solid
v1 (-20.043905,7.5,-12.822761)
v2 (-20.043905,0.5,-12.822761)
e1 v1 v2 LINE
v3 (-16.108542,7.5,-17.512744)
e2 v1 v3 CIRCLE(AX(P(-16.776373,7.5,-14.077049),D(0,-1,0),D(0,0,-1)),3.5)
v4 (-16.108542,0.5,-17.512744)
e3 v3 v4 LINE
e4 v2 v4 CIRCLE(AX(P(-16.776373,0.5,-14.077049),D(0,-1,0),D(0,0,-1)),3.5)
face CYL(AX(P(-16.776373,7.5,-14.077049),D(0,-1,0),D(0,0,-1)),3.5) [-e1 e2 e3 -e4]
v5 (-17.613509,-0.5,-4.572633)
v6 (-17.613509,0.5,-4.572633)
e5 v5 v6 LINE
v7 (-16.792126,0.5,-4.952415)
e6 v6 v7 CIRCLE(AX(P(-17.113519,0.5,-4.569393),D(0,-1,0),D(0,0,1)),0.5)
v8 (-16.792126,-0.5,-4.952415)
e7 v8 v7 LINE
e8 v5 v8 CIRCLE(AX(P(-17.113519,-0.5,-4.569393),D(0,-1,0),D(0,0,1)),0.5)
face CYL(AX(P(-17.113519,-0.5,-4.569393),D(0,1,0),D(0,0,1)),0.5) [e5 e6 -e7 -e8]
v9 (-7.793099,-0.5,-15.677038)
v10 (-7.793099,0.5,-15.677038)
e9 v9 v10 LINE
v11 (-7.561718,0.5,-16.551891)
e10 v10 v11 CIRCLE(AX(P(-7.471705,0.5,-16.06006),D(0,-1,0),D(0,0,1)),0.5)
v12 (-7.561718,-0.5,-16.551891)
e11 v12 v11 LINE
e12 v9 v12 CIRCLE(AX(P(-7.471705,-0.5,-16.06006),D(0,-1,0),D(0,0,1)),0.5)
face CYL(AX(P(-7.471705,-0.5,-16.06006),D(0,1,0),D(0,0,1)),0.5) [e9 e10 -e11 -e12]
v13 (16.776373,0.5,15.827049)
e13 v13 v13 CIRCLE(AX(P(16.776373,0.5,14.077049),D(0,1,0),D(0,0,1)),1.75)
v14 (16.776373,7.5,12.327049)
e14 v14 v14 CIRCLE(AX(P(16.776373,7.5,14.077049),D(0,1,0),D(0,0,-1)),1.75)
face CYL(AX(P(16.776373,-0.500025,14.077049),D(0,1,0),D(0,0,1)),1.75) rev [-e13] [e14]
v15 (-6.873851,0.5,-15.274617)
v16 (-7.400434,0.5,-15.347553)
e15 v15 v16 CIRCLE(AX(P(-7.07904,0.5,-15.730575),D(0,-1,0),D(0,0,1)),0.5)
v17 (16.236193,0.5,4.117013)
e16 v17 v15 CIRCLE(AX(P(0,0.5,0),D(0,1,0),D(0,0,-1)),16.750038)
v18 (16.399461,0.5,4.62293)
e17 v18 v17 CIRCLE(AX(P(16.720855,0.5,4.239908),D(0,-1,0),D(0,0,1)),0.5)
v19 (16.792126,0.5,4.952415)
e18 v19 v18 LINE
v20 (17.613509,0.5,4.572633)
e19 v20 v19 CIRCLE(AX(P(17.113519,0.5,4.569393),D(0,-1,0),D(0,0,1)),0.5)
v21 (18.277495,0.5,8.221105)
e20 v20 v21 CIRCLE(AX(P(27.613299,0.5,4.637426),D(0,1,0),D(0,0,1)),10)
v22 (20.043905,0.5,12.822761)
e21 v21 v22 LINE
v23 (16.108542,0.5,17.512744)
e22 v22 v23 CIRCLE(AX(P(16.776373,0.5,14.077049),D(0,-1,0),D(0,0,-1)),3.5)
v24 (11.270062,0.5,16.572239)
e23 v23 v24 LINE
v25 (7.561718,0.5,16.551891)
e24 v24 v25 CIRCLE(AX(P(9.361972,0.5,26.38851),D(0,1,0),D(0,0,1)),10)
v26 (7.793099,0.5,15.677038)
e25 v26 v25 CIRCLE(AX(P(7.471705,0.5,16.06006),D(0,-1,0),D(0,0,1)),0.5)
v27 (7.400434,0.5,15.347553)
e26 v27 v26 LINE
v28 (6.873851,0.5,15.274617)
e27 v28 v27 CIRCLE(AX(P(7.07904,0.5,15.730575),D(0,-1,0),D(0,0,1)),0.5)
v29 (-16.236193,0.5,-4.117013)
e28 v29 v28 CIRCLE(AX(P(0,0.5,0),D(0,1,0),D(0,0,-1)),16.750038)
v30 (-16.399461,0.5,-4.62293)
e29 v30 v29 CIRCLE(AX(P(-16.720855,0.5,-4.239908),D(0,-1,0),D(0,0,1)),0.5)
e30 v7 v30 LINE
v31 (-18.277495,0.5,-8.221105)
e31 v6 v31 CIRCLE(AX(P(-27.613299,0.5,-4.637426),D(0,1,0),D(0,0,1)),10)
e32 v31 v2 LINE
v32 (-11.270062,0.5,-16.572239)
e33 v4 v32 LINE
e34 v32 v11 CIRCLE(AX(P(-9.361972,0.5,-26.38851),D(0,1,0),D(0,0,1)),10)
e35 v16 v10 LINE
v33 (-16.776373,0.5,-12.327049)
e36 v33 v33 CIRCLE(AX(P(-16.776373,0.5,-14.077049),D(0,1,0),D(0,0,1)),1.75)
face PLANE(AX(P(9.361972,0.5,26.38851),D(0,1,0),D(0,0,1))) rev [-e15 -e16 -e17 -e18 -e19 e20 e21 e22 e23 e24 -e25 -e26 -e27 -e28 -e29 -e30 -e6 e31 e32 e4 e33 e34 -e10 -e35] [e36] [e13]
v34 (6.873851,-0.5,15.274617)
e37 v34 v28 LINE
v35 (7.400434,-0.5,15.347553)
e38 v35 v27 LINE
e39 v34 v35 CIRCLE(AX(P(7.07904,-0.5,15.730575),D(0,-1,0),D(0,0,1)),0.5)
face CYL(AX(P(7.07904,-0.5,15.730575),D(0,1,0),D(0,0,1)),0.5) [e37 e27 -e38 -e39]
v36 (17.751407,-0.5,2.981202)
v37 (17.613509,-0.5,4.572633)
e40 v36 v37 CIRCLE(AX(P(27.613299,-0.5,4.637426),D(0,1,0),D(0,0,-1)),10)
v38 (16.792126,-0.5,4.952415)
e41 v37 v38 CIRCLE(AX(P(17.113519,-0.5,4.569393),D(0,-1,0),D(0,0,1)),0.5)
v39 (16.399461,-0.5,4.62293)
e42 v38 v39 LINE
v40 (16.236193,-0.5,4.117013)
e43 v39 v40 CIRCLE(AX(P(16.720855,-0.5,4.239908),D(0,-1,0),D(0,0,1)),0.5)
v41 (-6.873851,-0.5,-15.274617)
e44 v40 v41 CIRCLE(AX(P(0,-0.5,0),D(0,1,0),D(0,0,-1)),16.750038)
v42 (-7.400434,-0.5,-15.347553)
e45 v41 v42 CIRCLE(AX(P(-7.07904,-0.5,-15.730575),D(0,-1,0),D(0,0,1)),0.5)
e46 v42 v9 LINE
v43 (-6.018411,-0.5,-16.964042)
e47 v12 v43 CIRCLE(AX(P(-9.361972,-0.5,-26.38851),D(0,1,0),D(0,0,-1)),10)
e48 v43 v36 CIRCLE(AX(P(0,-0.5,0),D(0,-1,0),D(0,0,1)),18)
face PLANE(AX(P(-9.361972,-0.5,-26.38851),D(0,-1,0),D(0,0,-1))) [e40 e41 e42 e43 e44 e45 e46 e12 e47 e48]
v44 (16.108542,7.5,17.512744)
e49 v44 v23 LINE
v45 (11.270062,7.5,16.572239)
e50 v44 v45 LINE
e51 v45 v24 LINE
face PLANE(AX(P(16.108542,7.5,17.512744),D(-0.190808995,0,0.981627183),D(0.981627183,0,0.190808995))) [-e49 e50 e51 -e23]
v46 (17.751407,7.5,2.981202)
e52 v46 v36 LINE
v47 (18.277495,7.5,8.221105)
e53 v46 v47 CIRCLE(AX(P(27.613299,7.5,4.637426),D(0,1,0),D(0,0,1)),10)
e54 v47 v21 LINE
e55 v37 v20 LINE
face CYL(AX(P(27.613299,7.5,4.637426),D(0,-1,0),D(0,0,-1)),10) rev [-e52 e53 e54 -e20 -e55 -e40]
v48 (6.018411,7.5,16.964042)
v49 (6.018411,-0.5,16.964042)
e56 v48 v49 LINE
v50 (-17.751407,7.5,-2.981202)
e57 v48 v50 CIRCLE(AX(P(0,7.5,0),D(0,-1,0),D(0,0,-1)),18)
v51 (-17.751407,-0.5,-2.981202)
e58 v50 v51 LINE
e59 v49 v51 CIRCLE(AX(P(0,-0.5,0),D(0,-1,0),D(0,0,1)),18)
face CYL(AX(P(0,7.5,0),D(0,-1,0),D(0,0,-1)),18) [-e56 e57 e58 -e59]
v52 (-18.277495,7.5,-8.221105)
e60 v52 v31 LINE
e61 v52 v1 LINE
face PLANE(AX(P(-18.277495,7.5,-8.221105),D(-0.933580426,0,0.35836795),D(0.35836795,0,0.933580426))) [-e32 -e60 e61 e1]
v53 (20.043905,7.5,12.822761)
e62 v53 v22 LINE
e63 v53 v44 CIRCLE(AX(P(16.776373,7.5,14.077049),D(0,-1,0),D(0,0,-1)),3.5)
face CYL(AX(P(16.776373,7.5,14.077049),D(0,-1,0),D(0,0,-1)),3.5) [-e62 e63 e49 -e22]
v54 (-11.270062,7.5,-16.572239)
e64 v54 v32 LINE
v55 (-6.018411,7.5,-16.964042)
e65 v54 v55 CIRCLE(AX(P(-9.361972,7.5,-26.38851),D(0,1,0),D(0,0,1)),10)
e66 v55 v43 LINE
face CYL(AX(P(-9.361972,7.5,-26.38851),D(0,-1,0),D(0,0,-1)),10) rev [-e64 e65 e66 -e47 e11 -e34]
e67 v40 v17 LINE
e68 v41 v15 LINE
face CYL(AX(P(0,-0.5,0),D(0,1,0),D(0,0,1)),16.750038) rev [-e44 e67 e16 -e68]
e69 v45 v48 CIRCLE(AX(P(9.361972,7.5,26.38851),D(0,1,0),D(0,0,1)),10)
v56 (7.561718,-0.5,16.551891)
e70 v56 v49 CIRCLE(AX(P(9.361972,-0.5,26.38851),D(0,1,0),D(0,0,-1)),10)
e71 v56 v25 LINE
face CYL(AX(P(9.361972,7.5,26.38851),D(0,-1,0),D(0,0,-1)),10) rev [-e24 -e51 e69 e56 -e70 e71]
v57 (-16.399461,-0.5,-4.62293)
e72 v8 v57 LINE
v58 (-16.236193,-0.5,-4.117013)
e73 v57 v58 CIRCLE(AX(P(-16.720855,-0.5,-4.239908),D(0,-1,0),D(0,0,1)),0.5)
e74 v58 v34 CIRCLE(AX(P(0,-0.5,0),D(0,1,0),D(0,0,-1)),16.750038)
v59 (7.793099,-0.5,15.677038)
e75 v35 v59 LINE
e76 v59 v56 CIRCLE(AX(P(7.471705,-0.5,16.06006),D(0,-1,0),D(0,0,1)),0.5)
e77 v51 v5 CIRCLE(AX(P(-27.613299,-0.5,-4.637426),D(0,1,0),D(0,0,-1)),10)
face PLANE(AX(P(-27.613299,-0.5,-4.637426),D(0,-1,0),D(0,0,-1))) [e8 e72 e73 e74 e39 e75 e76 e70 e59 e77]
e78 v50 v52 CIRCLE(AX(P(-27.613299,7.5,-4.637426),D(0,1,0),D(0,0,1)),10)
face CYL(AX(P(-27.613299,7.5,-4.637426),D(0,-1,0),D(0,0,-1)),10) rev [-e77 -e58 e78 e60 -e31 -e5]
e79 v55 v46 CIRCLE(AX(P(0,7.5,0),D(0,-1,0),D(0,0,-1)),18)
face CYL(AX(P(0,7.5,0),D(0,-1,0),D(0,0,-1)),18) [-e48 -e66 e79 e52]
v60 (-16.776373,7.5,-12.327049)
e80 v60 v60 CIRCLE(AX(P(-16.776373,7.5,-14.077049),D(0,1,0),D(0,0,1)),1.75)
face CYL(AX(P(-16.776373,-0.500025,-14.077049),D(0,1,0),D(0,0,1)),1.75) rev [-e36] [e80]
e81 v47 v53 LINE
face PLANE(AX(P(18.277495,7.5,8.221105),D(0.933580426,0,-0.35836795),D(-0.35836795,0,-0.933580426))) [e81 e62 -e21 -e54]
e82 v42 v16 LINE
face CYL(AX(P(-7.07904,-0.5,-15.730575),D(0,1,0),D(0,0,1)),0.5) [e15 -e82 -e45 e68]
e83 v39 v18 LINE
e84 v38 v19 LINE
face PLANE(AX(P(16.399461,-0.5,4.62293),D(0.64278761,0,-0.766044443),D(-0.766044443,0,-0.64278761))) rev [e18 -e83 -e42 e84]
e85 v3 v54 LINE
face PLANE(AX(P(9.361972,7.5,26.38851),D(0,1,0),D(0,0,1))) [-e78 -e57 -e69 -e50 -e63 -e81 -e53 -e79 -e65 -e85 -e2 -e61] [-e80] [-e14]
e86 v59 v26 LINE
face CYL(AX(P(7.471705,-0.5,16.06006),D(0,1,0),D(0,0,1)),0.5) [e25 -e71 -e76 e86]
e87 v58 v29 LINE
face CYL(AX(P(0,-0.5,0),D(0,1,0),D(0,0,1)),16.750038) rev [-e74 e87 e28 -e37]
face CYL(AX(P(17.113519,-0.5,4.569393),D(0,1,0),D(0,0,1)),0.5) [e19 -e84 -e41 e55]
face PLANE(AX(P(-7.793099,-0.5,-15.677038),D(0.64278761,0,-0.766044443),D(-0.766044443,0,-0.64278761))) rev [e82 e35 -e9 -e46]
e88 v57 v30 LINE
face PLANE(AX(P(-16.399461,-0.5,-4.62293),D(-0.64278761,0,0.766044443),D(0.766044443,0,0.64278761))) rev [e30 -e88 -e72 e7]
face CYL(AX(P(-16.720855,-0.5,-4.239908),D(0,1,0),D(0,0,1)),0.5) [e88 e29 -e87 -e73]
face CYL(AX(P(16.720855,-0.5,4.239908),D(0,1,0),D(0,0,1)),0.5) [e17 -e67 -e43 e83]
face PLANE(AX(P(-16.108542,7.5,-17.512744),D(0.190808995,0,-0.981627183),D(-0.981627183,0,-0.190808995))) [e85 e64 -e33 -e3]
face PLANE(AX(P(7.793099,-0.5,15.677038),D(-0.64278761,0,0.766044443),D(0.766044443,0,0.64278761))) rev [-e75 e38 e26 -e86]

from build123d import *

# Parameters (mm, degrees)
BOSS_EXTRUDE1_DEPTH = 7
BOSS_EXTRUDE2_START = 1
BOSS_EXTRUDE2_DEPTH = 1
SKETCH3_R           = 1.75
CUT_EXTRUDE1_DEPTH  = 29.268910739


with BuildPart() as part:
    # Sketch1 → Boss-Extrude1 (new body)
    with BuildSketch(Plane.XZ.offset(-0.5)):
        with BuildLine():
            Line((-18.277494739, -8.221105303), (-20.043904797, -12.822760829))
            ThreePointArc((-20.043904797, -12.822760829), (-19.457528855, -16.326805286), (-16.10854182, -17.512743794))
            Line((-16.10854182, -17.512743794), (-11.270061894, -16.57223857))
            ThreePointArc((-11.270061894, -16.57223857), (-8.617981259, -16.416224916), (-6.018410533, -16.964042403))
            ThreePointArc((-6.018410533, -16.964042403), (11.570176974, -13.788799976), (17.751406503, 2.981202305))
            ThreePointArc((17.751406503, 2.981202305), (17.663322313, 5.636407218), (18.277494739, 8.221105303))
            Line((18.277494739, 8.221105303), (20.043904797, 12.822760829))
            ThreePointArc((20.043904797, 12.822760829), (19.457528855, 16.326805286), (16.10854182, 17.512743794))
            Line((16.10854182, 17.512743794), (11.270061894, 16.57223857))
            ThreePointArc((11.270061894, 16.57223857), (8.617981259, 16.416224916), (6.018410533, 16.964042403))
            ThreePointArc((6.018410533, 16.964042403), (-11.570176974, 13.788799976), (-17.751406503, -2.981202305))
            ThreePointArc((-17.751406503, -2.981202305), (-17.663322313, -5.636407218), (-18.277494739, -8.221105303))
        make_face()
    extrude(amount=-BOSS_EXTRUDE1_DEPTH)

    # Sketch2 → Boss-Extrude2 (add)
    with BuildSketch(Plane.XZ.offset(-0.5).offset(BOSS_EXTRUDE2_START)):
        with BuildLine():
            Line((-7.793099068, -15.677037579), (-7.400434194, -15.347552628))
            ThreePointArc((-7.400434194, -15.347552628), (-7.14763906, -15.235302983), (-6.873851261, -15.274617153))
            ThreePointArc((-6.873851261, -15.274617153), (10.766716645, -12.831273242), (16.236193142, 4.117012581))
            ThreePointArc((16.236193142, 4.117012581), (16.245018994, 4.393467763), (16.39946073, 4.622930425))
            Line((16.39946073, 4.622930425), (16.792125603, 4.952415375))
            ThreePointArc((16.792125603, 4.952415375), (17.323359362, 5.02322924), (17.613508913, 4.572632804))
            ThreePointArc((17.613508913, 4.572632804), (17.650630104, 3.77415969), (17.751406503, 2.981202305))
            ThreePointArc((17.751406503, 2.981202305), (11.570176974, -13.788799976), (-6.018410533, -16.964042403))
            ThreePointArc((-6.018410533, -16.964042403), (-6.781821476, -16.72710142), (-7.561717962, -16.551890782))
            ThreePointArc((-7.561717962, -16.551890782), (-7.955084885, -16.187904005), (-7.793099068, -15.677037579))
        make_face()
        with BuildLine():
            Line((7.793099068, 15.677037579), (7.400434194, 15.347552628))
            ThreePointArc((7.400434194, 15.347552628), (7.14763906, 15.235302983), (6.873851261, 15.274617153))
            ThreePointArc((6.873851261, 15.274617153), (-10.766716645, 12.831273242), (-16.236193142, -4.117012581))
            ThreePointArc((-16.236193142, -4.117012581), (-16.245018994, -4.393467763), (-16.39946073, -4.622930425))
            Line((-16.39946073, -4.622930425), (-16.792125603, -4.952415375))
            ThreePointArc((-16.792125603, -4.952415375), (-17.323359362, -5.02322924), (-17.613508913, -4.572632804))
            ThreePointArc((-17.613508913, -4.572632804), (-17.650630104, -3.77415969), (-17.751406503, -2.981202305))
            ThreePointArc((-17.751406503, -2.981202305), (-11.570176974, 13.788799976), (6.018410533, 16.964042403))
            ThreePointArc((6.018410533, 16.964042403), (6.781821476, 16.72710142), (7.561717962, 16.551890782))
            ThreePointArc((7.561717962, 16.551890782), (7.955084885, 16.187904005), (7.793099068, 15.677037579))
        make_face()
    extrude(amount=-BOSS_EXTRUDE2_DEPTH)

    # Sketch3 → Cut-Extrude1 (cut, through all)
    with BuildSketch(Plane(origin=(0, 7.5, 0), x_dir=(-1, 0, 0), z_dir=(0, 1, 0))):
        with Locations(Location((-16.776373304, 14.077048652, 0), (0, 0, 90))):
            Circle(SKETCH3_R)
        with Locations(Location((16.776373304, -14.077048652, 0), (0, 0, 90))):
            Circle(SKETCH3_R)
    extrude(amount=-CUT_EXTRUDE1_DEPTH, mode=Mode.SUBTRACT)


solid = part.part
